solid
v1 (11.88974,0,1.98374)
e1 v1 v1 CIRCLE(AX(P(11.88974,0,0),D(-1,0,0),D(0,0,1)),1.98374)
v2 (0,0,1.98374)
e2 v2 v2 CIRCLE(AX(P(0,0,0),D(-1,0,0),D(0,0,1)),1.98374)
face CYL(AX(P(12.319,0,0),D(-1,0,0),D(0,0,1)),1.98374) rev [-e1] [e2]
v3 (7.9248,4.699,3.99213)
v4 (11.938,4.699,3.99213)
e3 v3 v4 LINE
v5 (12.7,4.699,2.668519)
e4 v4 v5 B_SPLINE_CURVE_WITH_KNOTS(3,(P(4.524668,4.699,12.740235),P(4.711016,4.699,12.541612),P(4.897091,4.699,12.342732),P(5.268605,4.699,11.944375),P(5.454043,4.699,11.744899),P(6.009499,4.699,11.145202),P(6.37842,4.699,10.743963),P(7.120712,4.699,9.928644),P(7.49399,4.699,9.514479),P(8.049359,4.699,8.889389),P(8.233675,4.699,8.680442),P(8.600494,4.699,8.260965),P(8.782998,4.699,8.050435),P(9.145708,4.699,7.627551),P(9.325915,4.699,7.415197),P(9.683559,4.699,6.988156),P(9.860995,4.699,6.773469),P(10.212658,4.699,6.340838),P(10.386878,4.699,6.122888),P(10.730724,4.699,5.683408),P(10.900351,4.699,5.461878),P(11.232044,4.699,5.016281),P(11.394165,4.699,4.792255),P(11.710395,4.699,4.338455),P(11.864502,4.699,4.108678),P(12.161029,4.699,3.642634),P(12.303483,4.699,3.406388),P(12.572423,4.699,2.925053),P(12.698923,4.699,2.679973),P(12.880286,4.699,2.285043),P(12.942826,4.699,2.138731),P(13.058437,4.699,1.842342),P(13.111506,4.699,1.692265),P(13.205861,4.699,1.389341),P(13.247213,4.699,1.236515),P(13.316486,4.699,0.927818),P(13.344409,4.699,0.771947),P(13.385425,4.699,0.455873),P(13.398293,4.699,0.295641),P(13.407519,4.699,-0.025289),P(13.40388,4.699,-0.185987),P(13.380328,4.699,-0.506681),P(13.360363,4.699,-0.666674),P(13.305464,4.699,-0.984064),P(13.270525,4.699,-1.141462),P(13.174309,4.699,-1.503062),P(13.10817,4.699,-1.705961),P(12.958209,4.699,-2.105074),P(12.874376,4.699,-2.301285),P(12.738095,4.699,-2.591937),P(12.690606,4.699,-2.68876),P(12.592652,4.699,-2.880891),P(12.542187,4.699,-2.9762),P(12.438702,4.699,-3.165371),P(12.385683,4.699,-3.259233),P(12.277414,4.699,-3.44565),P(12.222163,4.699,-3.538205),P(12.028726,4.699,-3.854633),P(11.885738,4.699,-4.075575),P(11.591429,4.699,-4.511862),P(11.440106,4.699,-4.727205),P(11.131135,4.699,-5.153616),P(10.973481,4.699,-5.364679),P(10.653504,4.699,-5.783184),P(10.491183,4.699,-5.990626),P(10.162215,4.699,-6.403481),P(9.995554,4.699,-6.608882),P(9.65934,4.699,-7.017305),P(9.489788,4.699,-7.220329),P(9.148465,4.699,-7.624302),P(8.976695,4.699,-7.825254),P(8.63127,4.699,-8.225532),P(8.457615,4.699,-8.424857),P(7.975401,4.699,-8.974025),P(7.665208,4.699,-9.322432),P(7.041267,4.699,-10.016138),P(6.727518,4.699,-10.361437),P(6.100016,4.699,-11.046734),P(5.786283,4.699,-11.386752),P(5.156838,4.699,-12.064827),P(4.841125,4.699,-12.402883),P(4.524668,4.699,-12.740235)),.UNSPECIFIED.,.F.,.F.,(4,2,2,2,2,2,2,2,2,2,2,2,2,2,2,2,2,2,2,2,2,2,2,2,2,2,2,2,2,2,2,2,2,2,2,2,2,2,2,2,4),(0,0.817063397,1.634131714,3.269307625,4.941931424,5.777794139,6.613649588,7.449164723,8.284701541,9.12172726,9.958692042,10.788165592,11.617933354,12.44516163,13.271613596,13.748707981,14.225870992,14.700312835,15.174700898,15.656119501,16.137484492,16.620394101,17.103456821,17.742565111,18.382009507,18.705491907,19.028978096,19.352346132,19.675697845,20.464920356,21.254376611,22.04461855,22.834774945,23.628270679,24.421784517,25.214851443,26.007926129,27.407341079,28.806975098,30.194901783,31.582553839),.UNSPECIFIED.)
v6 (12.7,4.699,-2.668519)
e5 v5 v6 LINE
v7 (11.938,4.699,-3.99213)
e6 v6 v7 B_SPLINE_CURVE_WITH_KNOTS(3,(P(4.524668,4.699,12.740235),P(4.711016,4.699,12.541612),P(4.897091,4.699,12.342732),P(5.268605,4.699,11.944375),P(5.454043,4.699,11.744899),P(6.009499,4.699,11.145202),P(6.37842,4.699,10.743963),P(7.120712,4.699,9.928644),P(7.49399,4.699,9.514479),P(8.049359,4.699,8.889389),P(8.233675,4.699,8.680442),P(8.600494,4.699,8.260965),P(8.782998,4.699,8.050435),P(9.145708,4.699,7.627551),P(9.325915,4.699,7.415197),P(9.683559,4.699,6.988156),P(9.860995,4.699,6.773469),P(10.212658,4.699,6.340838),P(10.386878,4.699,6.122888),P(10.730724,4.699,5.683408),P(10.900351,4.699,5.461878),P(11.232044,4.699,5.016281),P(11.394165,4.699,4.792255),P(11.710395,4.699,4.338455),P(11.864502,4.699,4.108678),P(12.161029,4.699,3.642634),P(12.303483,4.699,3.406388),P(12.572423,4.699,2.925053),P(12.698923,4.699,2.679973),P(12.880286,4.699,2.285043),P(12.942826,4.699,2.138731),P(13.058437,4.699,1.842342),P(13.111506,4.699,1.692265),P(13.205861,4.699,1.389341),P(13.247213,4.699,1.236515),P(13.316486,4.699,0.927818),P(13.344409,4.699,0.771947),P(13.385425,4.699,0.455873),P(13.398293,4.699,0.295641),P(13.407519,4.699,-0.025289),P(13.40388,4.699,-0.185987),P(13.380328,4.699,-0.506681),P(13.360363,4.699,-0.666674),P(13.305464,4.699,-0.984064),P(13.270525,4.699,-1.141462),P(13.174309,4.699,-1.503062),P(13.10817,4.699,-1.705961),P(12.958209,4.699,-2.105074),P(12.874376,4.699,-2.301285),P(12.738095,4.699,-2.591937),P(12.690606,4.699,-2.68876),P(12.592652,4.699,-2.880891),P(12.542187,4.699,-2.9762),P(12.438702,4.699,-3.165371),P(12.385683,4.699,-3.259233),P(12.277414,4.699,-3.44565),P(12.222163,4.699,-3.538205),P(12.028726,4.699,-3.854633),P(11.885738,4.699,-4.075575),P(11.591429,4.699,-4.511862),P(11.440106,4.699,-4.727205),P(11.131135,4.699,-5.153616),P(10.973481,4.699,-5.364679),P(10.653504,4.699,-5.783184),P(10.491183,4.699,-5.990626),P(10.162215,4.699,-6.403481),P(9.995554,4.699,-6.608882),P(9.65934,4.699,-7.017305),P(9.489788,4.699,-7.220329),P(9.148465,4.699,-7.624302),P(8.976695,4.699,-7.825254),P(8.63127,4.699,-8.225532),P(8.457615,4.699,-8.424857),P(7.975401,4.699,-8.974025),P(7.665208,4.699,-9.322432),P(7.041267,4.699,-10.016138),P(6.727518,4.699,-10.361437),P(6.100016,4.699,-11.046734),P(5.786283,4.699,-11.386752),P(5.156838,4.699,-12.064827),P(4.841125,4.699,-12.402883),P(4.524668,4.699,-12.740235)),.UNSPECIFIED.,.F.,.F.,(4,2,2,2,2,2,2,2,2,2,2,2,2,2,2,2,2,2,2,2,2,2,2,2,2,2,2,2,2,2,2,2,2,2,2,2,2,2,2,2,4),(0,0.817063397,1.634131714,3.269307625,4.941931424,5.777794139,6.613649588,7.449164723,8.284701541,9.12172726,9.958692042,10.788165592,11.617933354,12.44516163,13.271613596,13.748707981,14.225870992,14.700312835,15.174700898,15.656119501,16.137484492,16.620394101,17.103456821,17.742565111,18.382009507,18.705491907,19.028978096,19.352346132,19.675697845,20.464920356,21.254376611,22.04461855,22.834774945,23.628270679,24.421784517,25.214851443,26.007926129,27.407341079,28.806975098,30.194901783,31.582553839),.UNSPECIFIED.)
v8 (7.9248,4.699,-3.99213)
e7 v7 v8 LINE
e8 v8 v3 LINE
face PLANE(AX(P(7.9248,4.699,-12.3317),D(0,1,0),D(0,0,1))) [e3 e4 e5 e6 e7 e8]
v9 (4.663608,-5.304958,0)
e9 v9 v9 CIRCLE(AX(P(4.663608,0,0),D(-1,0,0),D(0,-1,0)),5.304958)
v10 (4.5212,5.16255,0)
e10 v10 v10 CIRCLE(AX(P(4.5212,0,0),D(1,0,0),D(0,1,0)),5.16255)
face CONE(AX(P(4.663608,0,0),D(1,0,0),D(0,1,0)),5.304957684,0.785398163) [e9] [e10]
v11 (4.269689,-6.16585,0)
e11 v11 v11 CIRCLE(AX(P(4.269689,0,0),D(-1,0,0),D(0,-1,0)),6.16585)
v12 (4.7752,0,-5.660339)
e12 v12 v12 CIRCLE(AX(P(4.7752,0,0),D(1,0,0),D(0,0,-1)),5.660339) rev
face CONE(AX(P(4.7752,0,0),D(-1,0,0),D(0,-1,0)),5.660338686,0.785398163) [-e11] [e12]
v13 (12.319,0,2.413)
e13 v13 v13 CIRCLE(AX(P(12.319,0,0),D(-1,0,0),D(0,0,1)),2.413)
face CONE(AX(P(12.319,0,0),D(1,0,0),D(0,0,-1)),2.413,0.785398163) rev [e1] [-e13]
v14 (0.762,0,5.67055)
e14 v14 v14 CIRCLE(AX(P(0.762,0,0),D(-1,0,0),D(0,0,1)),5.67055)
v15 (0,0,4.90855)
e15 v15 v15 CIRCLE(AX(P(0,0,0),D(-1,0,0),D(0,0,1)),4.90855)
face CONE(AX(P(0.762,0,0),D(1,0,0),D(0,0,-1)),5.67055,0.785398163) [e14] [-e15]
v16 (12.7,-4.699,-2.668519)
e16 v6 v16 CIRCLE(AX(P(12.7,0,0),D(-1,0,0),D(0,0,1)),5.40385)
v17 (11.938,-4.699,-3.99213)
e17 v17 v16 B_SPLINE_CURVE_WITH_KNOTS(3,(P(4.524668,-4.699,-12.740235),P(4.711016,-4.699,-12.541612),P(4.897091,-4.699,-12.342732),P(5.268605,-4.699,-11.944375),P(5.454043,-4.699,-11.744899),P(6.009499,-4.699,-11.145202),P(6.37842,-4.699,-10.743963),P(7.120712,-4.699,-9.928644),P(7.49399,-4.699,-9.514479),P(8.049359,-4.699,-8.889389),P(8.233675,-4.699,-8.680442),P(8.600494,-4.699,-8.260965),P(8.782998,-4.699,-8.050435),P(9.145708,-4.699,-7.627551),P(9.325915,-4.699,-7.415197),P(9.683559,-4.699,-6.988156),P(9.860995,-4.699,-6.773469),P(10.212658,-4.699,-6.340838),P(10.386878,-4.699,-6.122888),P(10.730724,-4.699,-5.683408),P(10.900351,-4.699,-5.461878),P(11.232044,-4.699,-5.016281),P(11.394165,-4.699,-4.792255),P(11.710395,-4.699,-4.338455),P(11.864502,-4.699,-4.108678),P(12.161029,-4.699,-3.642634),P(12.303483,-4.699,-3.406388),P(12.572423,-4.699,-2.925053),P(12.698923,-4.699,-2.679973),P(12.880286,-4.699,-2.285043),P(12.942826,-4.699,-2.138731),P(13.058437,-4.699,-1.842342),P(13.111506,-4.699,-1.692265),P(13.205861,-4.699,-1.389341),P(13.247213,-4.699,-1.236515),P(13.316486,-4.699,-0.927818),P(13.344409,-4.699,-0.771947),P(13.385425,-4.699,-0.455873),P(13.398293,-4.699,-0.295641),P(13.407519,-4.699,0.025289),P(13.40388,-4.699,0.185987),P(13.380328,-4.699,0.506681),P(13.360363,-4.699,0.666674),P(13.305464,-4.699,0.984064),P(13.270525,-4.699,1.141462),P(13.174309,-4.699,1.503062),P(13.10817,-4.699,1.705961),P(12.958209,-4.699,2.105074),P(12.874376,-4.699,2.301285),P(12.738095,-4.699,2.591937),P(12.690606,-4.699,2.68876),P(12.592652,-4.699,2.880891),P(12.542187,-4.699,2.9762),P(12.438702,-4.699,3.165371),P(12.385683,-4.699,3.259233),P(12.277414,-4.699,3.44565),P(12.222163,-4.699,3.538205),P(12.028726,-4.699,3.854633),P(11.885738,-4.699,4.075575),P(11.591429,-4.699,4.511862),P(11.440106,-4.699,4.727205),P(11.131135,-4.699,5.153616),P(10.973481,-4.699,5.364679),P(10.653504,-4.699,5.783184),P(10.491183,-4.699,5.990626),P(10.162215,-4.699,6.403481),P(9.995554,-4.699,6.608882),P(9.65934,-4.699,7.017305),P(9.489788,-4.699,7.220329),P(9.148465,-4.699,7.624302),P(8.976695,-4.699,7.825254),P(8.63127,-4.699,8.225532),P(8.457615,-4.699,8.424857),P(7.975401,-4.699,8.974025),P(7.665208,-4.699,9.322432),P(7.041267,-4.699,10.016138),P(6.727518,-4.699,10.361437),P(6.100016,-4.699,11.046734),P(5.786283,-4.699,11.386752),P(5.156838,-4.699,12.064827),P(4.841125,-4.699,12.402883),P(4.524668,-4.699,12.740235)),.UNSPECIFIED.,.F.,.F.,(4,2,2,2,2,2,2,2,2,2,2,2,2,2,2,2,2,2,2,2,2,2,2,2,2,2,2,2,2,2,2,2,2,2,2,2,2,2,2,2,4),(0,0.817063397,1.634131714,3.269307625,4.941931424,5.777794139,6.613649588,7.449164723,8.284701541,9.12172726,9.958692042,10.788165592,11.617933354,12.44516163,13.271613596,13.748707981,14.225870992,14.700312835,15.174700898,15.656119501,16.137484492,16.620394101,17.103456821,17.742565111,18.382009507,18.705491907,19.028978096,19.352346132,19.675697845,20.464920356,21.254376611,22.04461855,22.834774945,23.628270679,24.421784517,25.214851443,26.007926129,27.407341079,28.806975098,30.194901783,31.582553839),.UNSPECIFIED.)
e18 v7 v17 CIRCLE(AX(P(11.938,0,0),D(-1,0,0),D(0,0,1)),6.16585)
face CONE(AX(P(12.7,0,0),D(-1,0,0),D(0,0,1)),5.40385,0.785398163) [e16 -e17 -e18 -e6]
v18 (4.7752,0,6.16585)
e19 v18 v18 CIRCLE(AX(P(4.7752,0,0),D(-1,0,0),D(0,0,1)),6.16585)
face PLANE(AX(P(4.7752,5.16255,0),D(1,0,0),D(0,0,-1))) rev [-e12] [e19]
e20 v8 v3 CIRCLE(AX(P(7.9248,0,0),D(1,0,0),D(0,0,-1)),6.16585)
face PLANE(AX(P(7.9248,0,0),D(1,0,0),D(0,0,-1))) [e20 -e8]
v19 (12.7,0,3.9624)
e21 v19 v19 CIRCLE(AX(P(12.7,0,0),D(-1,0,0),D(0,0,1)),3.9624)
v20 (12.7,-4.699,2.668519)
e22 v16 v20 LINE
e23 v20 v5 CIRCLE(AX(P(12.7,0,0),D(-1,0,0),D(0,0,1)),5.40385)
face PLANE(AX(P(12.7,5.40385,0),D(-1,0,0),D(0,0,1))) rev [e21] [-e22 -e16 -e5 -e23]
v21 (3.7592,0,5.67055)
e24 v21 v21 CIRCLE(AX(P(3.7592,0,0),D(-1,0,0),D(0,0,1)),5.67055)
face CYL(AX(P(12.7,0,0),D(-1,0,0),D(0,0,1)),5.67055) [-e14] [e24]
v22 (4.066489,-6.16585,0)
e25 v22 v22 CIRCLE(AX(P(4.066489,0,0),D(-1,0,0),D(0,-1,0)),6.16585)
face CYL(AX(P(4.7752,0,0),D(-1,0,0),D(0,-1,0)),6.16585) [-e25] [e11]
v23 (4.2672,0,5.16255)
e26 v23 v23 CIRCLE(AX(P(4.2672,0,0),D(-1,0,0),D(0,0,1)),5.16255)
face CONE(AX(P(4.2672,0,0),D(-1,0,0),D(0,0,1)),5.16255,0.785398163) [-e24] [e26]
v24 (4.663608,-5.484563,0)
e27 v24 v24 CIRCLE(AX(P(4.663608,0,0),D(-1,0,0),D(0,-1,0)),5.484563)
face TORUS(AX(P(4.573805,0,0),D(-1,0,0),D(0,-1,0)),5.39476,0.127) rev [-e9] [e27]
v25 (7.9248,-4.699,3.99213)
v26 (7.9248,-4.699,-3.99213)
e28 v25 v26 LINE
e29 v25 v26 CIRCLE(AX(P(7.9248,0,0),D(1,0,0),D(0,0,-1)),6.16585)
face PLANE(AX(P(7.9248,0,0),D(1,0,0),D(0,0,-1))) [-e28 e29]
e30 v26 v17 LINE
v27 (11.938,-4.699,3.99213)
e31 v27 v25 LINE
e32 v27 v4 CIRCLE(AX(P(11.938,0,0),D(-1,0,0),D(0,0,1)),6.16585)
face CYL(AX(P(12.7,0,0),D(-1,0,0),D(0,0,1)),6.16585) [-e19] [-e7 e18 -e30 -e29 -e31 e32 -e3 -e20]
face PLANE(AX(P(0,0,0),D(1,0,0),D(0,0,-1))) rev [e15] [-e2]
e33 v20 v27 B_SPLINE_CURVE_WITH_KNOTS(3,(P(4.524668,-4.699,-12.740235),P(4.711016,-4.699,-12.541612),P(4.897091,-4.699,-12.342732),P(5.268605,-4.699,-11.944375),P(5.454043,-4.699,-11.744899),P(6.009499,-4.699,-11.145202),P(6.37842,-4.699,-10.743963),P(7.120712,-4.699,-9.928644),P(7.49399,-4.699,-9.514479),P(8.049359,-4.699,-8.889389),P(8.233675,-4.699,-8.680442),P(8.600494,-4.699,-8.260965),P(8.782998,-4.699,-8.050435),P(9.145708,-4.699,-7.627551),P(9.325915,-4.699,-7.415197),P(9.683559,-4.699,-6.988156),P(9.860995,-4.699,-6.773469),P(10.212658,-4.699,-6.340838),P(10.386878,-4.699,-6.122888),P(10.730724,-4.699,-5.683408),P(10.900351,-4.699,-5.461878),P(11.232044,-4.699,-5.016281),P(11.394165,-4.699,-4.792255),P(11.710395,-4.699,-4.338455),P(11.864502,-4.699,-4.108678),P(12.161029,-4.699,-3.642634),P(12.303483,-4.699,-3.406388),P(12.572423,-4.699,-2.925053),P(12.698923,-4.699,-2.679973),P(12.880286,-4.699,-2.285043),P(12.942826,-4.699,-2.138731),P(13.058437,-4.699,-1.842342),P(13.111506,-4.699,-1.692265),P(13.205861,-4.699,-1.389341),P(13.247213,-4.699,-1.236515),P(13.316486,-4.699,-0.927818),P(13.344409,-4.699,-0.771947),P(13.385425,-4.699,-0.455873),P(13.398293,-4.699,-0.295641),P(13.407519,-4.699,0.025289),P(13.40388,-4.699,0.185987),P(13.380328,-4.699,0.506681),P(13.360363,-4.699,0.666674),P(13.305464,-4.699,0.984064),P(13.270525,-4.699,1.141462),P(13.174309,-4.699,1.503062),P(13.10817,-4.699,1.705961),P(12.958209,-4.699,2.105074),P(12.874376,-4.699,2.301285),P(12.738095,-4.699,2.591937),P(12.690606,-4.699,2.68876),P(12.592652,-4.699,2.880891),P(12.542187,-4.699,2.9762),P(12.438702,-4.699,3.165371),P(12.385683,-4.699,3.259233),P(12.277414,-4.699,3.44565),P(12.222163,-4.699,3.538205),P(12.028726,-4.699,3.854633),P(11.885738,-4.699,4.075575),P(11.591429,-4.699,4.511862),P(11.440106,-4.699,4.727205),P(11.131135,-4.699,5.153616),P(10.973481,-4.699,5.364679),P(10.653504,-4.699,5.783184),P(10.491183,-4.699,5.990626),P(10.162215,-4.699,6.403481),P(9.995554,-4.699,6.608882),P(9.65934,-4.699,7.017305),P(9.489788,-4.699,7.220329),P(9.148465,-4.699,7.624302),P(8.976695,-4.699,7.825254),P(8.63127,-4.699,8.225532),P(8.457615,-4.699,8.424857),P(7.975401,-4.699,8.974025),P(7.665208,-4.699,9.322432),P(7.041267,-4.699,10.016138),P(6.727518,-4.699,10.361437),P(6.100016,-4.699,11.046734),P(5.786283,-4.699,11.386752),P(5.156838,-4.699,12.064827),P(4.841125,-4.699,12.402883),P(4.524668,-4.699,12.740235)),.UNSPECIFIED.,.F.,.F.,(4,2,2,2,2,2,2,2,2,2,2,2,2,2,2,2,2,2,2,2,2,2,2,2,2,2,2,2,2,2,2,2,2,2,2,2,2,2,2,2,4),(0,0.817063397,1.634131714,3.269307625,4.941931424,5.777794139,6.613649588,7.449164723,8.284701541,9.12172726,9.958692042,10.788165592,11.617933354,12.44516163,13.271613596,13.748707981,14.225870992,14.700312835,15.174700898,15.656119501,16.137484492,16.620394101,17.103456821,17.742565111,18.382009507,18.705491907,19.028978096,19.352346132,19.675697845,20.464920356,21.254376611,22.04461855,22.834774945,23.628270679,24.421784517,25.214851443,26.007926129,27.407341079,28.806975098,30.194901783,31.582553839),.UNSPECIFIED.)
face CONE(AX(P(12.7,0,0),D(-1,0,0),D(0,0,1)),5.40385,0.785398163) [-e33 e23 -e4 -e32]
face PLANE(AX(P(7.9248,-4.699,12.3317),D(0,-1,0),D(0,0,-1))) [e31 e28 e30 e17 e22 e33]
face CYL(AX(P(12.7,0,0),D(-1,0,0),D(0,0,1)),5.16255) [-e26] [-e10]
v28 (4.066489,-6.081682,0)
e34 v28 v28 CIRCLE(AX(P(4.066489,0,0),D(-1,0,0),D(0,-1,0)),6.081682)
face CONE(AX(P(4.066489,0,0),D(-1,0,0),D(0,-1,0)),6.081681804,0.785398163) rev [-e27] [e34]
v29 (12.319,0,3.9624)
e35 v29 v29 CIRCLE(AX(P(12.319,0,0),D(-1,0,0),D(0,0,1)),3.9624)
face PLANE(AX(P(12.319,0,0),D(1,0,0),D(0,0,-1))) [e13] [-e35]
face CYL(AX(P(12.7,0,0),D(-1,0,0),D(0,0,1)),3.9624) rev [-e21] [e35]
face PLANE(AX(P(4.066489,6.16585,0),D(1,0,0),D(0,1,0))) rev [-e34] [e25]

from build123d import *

# Parameters (mm, degrees)
SKETCH2_W          = 0.381
SKETCH2_H          = 3.9624
SKETCH4_W          = 49.3268
SKETCH4_H          = 24.6634
SKETCH4_W_2        = 24.6634
SKETCH4_H_2        = 9.398
CUT_EXTRUDE1_DEPTH = 4.7752


with BuildPart() as part:
    # Sketch1 → Revolve1 (revolve)
    with BuildSketch(Plane.XY):
        Polygon((0, 0), (0, 4.90855), (0.762, 5.67055), (3.7592, 5.67055), (4.2672, 5.16255), (4.7752, 5.16255), (4.7752, 6.16585), (11.938, 6.16585), (12.7, 5.40385), (12.7, 0), align=None)
    revolve(axis=Axis((12.7, 0, 0), (-1, 0, 0)))

    # Sketch2 → Cut-Revolve1 (revolve, cut)
    with BuildSketch(Plane.XY):
        with Locations((12.5095, 1.9812)):
            Rectangle(SKETCH2_W, SKETCH2_H)
    revolve(axis=Axis((12.7, 0, 0), (-1, 0, 0)), mode=Mode.SUBTRACT)

    # Sketch3 → Cut-Revolve2 (revolve, cut)
    with BuildSketch(Plane.XY):
        Polygon((0, 0), (0, 1.98374), (11.88974, 1.98374), (12.319, 2.413), (12.319, 0), align=None)
    revolve(axis=Axis((12.319, 0, 0), (-1, 0, 0)), mode=Mode.SUBTRACT)

    # Sketch4 → Cut-Extrude1 (cut)
    with BuildSketch(Plane(origin=(12.7, 0, 0), x_dir=(0, 0, -1), z_dir=(1, 0, 0))):
        Rectangle(SKETCH4_W, SKETCH4_H)
        Rectangle(SKETCH4_W_2, SKETCH4_H_2, mode=Mode.SUBTRACT)
    extrude(amount=-CUT_EXTRUDE1_DEPTH, mode=Mode.SUBTRACT)

    # Sketch5 → Revolve2 (revolve)
    with BuildSketch(Plane.XY):
        with BuildLine():
            Line((4.066488686, 6.16585), (4.066488686, 6.081681804))
            Line((4.066488686, 6.081681804), (4.663607684, 5.484562806))
            ThreePointArc((4.663607684, 5.484562806), (4.700805122, 5.394760245), (4.663607684, 5.304957684))
            Line((4.663607684, 5.304957684), (4.5212, 5.16255))
            Line((4.5212, 5.16255), (4.2672, 5.16255))
            Line((4.2672, 5.16255), (4.2672, 4.90855))
            Line((4.2672, 4.90855), (4.7752, 4.90855))
            Line((4.7752, 4.90855), (4.7752, 5.660338686))
            Line((4.7752, 5.660338686), (4.269688686, 6.16585))
            Line((4.269688686, 6.16585), (4.066488686, 6.16585))
        make_face()
    revolve(axis=Axis((4.7752, 0, 0), (-1, 0, 0)))


solid = part.part
